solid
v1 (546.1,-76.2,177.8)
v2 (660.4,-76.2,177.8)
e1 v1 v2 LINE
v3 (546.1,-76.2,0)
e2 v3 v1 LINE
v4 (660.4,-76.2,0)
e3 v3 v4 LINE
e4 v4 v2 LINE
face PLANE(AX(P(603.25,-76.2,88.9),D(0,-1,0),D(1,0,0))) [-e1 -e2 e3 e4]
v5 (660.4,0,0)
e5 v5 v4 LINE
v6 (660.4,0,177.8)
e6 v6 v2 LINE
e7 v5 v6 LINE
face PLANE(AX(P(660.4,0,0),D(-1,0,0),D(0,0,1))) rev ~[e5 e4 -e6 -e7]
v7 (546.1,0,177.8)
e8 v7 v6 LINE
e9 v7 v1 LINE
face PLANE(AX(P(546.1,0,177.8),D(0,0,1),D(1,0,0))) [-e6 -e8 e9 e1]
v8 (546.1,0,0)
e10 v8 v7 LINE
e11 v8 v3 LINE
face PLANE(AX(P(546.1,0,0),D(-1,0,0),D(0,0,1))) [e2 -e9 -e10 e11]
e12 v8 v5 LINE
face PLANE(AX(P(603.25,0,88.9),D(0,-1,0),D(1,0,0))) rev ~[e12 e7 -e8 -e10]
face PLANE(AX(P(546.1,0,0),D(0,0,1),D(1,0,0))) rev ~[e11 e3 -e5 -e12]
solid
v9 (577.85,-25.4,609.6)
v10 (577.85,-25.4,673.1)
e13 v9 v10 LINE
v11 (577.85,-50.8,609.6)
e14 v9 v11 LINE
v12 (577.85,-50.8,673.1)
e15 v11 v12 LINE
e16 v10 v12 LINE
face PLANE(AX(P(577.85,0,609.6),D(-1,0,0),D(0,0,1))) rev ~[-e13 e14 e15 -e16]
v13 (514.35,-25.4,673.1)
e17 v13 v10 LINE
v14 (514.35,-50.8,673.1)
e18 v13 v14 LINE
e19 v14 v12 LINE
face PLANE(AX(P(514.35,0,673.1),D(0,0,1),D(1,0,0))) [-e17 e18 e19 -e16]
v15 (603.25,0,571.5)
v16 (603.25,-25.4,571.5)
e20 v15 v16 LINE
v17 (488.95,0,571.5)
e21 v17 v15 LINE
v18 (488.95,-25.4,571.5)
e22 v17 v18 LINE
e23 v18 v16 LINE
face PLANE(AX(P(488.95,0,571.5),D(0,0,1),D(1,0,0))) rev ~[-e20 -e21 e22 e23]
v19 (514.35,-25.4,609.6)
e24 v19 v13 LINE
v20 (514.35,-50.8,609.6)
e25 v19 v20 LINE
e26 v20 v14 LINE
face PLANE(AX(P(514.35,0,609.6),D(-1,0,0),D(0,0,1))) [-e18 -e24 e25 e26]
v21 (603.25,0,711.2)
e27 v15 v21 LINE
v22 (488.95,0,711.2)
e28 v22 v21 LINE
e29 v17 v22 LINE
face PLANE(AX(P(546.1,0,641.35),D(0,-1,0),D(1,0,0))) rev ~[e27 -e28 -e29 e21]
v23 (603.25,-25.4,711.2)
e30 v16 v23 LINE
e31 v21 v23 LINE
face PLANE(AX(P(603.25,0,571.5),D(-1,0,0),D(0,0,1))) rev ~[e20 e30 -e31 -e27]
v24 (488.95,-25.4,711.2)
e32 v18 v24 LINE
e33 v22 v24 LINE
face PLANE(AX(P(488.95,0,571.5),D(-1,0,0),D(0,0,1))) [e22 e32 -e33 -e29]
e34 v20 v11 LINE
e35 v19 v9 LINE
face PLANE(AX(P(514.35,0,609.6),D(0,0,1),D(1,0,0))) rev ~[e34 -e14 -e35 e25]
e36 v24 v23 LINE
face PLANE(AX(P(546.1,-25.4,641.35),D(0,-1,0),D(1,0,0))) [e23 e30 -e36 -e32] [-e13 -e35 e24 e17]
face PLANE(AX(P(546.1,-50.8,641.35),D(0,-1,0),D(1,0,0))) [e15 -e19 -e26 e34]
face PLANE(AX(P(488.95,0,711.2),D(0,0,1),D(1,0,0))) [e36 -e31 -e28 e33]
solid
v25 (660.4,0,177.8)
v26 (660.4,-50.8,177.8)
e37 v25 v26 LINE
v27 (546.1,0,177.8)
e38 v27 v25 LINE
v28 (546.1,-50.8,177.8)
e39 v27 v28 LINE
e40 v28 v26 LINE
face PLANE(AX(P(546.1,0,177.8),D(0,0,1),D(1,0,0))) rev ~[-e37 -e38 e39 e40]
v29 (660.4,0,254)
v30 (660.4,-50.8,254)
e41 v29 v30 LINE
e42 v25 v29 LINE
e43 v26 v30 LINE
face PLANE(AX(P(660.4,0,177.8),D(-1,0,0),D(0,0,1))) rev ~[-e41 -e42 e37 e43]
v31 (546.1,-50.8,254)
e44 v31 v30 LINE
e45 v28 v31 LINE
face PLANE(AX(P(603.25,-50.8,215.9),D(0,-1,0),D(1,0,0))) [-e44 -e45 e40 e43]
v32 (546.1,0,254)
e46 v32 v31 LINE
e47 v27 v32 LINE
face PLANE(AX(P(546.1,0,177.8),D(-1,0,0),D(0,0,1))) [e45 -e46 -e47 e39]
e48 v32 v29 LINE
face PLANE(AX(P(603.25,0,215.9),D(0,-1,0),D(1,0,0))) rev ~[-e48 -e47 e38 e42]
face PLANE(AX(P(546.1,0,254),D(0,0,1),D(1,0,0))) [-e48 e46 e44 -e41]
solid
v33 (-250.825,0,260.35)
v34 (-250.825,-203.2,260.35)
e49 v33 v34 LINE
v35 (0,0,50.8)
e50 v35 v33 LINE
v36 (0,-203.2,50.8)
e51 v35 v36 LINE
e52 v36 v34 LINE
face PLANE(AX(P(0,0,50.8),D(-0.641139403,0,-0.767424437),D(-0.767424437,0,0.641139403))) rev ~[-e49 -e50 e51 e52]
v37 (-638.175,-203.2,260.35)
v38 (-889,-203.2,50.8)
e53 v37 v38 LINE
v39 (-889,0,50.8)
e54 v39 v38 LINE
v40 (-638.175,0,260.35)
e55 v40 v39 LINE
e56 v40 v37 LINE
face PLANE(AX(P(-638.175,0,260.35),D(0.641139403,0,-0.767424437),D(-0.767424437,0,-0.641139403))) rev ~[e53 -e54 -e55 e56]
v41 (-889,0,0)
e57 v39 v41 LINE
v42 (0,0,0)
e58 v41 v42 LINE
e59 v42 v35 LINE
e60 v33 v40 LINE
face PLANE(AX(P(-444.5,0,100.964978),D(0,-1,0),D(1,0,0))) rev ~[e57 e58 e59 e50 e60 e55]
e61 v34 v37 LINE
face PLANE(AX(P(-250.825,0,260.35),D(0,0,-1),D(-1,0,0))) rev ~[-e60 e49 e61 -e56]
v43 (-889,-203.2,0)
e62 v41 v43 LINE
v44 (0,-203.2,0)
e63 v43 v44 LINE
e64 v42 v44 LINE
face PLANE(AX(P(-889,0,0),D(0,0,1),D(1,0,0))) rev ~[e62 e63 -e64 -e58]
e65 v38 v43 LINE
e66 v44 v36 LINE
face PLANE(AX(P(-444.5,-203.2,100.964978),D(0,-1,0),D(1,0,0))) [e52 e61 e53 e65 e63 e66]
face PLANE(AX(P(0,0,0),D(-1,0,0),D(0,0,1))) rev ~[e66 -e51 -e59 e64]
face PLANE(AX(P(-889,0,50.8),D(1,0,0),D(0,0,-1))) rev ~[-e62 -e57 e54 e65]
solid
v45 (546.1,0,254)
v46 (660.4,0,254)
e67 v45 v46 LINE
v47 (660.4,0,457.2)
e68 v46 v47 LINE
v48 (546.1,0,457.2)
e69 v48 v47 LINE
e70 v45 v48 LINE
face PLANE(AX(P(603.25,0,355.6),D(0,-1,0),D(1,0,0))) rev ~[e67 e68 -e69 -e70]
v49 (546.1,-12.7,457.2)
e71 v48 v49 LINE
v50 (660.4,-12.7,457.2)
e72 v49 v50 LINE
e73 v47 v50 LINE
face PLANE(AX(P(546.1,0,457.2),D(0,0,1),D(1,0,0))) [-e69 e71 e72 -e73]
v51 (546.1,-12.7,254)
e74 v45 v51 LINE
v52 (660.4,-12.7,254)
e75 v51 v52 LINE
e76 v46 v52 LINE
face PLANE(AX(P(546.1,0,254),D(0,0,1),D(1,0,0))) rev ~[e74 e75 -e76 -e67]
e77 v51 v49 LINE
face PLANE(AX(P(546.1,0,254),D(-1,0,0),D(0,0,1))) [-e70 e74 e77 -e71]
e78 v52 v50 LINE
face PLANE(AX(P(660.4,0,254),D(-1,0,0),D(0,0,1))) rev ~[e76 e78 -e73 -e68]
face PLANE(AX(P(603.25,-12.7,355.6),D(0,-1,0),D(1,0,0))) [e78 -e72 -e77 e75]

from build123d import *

# Parameters (mm, degrees)
F2_DEPTH = 203.2
F1_W     = 114.3
F1_H     = 177.8
F3_DEPTH = 76.2
F1_H_2   = 203.2
F4_DEPTH = 12.7
F1_H_3   = 76.2
F5_DEPTH = 50.8
F1_H_4   = 139.7
F1_W_2   = 63.5
F1_H_5   = 63.5
F6_DEPTH = 25.4
F7_DEPTH = 50.8


with BuildPart() as f2:
    # F1 (on Front) → F2 (new body)
    with BuildSketch(Plane.XZ):
        Polygon((-250.825, 0), (0, 0), (0, 50.8), (-250.825, 260.35), (-638.175, 260.35), (-889, 50.8), (-889, 0), (-638.175, 0), align=None)
    extrude(amount=F2_DEPTH)


with BuildPart() as f3:
    # F1 (on Front) → F3 (new body)
    with BuildSketch(Plane.XZ):
        with Locations((603.25, 88.9)):
            Rectangle(F1_W, F1_H)
    extrude(amount=F3_DEPTH)


with BuildPart() as f4:
    # F1 (on Front) → F4 (new body)
    with BuildSketch(Plane.XZ):
        with Locations((603.25, 355.6)):
            Rectangle(F1_W, F1_H_2)
    extrude(amount=F4_DEPTH)


with BuildPart() as f5:
    # F1 (on Front) → F5 (new body)
    with BuildSketch(Plane.XZ):
        with Locations((603.25, 215.9)):
            Rectangle(F1_W, F1_H_3)
    extrude(amount=F5_DEPTH)


with BuildPart() as f6:
    # F1 (on Front) → F6 (new body)
    with BuildSketch(Plane.XZ):
        with Locations((546.1, 641.35)):
            Rectangle(F1_W, F1_H_4)
        with Locations((546.1, 641.35)):
            Rectangle(F1_W_2, F1_H_5, mode=Mode.SUBTRACT)
    extrude(amount=F6_DEPTH)

    # F1 (on Front) → F7 (join)
    with BuildSketch(Plane.XZ):
        with Locations((546.1, 641.35)):
            Rectangle(F1_W_2, F1_H_5)
    extrude(amount=F7_DEPTH)


solid = Compound([f2.part, f3.part, f4.part, f5.part, f6.part])
